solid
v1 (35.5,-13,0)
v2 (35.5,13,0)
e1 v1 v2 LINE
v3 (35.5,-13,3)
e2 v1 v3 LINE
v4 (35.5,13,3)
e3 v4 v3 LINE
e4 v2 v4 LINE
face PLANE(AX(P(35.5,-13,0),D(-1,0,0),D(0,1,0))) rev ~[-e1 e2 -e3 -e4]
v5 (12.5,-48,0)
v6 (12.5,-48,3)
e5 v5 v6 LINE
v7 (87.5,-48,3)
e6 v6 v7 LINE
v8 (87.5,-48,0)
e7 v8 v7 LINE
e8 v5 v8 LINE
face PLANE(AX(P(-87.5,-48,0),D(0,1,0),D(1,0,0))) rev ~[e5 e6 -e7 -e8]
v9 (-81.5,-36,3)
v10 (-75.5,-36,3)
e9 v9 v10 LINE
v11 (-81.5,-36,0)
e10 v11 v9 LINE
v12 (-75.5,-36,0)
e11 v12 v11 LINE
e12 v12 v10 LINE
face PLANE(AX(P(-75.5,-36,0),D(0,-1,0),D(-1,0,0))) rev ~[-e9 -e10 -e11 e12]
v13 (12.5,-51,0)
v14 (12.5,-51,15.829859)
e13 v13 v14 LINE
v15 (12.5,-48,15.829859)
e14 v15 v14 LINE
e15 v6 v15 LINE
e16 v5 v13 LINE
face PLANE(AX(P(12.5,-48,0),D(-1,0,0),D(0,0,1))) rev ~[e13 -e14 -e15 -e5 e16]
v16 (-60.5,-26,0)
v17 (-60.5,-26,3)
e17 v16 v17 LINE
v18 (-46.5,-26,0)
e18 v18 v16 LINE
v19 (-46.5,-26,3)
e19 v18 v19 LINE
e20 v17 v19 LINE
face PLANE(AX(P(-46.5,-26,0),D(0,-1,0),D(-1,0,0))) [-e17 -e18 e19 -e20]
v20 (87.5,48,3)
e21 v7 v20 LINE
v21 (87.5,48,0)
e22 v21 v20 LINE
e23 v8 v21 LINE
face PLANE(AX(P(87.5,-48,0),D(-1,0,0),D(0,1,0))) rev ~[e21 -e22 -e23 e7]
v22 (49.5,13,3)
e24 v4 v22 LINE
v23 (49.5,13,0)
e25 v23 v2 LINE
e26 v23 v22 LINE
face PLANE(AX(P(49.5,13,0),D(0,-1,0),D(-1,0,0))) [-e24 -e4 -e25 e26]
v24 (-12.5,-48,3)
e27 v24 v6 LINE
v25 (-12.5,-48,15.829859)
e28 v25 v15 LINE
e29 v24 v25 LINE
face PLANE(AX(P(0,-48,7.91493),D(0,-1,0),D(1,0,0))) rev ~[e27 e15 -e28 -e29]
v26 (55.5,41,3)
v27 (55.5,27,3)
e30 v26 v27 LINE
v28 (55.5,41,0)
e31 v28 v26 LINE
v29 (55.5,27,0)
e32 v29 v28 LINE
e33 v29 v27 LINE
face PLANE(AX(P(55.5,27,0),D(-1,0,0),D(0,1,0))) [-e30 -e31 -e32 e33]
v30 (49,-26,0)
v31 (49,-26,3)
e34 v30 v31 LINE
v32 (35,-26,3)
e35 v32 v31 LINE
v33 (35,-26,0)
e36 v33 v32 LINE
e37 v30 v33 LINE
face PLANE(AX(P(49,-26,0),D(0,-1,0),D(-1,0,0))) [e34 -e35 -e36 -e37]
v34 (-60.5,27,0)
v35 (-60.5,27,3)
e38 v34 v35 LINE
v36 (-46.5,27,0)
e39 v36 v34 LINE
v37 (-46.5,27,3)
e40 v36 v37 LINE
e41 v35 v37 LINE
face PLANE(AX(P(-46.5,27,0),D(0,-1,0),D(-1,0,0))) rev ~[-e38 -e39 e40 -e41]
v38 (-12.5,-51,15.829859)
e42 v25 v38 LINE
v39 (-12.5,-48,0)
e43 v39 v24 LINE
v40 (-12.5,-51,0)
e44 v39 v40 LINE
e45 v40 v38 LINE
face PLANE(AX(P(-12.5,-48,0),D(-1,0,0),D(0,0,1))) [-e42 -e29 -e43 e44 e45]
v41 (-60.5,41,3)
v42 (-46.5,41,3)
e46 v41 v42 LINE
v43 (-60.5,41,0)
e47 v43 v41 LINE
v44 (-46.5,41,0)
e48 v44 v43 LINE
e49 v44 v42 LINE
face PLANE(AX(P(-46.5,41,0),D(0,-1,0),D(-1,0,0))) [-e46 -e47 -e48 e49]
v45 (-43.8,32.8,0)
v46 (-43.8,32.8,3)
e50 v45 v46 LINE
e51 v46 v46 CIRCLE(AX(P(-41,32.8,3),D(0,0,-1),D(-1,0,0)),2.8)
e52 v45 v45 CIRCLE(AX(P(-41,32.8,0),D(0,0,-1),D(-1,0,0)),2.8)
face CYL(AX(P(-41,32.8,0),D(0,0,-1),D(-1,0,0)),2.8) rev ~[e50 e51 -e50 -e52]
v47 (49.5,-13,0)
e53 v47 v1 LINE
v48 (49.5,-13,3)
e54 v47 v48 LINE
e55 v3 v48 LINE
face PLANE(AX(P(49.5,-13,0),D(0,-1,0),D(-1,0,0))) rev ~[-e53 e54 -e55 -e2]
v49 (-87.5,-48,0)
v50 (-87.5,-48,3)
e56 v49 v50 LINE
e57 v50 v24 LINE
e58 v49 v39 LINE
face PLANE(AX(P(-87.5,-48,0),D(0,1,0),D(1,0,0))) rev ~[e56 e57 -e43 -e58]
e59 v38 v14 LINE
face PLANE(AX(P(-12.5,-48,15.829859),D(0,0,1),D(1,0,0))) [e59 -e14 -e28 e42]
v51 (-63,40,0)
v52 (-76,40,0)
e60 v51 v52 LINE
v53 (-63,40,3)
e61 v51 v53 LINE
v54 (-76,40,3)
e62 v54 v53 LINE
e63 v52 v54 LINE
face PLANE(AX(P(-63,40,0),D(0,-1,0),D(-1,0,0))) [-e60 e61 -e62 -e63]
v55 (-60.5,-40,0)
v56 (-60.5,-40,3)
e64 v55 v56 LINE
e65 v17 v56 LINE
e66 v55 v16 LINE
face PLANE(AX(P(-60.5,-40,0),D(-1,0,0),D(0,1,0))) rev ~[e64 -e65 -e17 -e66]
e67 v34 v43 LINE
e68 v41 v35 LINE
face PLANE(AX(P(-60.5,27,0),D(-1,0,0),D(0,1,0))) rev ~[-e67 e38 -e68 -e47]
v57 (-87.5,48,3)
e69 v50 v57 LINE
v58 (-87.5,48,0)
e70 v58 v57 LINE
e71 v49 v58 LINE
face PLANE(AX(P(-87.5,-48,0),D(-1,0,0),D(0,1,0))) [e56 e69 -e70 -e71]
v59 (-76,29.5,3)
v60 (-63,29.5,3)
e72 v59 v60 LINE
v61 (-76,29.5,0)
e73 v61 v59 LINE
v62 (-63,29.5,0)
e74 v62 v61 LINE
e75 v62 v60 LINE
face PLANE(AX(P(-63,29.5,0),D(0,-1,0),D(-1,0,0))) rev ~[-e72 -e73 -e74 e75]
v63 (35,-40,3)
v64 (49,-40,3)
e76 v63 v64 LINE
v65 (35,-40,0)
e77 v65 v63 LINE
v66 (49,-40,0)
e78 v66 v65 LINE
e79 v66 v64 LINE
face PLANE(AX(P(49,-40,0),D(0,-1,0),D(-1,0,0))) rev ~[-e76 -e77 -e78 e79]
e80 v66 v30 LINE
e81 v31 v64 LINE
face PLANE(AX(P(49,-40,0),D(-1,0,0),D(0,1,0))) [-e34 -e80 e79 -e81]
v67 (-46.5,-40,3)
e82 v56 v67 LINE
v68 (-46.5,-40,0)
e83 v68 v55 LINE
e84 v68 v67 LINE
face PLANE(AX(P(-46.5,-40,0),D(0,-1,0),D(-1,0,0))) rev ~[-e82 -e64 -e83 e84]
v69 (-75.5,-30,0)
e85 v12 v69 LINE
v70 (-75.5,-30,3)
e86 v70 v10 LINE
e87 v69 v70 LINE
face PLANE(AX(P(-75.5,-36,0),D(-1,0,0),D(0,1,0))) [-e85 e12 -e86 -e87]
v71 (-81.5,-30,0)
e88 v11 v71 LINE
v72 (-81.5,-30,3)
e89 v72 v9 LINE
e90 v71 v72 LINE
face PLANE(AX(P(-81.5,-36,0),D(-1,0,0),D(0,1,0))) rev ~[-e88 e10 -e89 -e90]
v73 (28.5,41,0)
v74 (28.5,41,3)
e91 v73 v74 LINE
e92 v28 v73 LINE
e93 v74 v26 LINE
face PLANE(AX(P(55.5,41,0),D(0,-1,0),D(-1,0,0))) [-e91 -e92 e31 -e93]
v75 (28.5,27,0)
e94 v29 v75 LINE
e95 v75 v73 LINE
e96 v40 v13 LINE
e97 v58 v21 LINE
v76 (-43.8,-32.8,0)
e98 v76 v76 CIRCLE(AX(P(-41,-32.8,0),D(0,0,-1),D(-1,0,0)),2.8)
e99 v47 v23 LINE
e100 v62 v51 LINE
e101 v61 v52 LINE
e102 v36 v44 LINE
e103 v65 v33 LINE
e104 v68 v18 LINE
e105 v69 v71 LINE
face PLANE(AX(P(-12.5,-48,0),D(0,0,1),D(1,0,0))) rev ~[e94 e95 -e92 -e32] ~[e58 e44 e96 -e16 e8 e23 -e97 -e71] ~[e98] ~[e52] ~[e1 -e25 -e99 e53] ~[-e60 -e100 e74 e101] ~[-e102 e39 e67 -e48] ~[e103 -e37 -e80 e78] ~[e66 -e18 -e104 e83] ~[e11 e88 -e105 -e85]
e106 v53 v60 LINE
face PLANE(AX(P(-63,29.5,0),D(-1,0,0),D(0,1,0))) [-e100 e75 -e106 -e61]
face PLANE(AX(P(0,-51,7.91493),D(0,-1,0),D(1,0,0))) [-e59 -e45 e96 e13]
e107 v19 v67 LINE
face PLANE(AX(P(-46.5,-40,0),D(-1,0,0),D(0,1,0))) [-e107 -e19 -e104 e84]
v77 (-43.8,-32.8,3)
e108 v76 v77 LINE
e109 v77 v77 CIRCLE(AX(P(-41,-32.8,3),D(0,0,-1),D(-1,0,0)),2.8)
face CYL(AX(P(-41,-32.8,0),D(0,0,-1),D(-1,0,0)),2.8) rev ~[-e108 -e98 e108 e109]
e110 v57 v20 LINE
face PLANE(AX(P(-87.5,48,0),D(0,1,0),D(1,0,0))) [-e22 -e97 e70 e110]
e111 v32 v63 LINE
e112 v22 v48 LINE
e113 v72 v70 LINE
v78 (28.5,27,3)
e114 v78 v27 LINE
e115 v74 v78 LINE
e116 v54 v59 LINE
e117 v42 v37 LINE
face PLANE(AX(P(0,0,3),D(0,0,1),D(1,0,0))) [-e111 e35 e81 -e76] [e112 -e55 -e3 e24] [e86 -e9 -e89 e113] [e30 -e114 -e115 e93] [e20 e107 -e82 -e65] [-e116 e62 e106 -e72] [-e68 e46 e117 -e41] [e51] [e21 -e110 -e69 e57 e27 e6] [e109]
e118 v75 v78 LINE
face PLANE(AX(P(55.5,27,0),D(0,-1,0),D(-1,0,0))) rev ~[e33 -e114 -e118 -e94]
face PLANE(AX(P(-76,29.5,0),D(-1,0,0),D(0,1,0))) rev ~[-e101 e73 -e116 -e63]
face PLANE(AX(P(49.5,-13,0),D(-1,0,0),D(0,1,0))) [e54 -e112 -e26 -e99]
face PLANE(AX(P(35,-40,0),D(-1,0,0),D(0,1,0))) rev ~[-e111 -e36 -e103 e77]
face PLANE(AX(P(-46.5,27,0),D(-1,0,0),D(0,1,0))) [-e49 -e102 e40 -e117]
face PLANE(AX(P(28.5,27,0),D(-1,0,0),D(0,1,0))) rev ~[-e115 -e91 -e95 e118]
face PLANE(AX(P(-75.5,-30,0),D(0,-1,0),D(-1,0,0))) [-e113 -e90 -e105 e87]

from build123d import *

# Parameters (mm, degrees)
SKETCH2_W           = 175
SKETCH2_H           = 96
BOSS_EXTRUDE1_DEPTH = 3
SKETCH3_W           = 12
SKETCH3_H           = 12
SKETCH3_W_2         = 13
SKETCH3_H_2         = 10.5
SKETCH3_W_3         = 27
SKETCH3_H_3         = 14
CUT_EXTRUDE1_DEPTH  = 10
SKETCH4_W           = 14
SKETCH4_H           = 26
CUT_EXTRUDE2_DEPTH  = 10
SKETCH5_W           = 12
SKETCH5_H           = 12
SKETCH5_W_2         = 6
SKETCH5_H_2         = 6
CUT_EXTRUDE3_DEPTH  = 10
SKETCH7_R           = 2.8
CUT_EXTRUDE4_DEPTH  = 10
SKETCH9_W           = 25
SKETCH9_H           = 15.829859375
BOSS_EXTRUDE2_DEPTH = 3
SKETCH10_W          = 27
SKETCH10_H          = 14
CUT_EXTRUDE5_DEPTH  = 10
SKETCH11_W          = 14
SKETCH11_H          = 14
CUT_EXTRUDE6_DEPTH  = 10
SKETCH12_W          = 14
SKETCH12_H          = 14
CUT_EXTRUDE7_DEPTH  = 10
SKETCH13_W          = 14
SKETCH13_H          = 14
CUT_EXTRUDE8_DEPTH  = 10


with BuildPart() as part:
    # Sketch2 → Boss-Extrude1 (new body)
    with BuildSketch(Plane.XY):
        Rectangle(SKETCH2_W, SKETCH2_H)
    extrude(amount=BOSS_EXTRUDE1_DEPTH)

    # Sketch3 → Cut-Extrude1 (cut)
    with BuildSketch(Plane(origin=(0, 0, 0), x_dir=(-1, 0, 0), z_dir=(0, 0, -1))):
        with Locations((53.5, 34)):
            Rectangle(SKETCH3_W, SKETCH3_H)
        with Locations((69.5, 34.75)):
            Rectangle(SKETCH3_W_2, SKETCH3_H_2)
        with Locations((-42, 34)):
            Rectangle(SKETCH3_W_3, SKETCH3_H_3)
        with Locations((-48.5, 34)):
            Rectangle(SKETCH3_W, SKETCH3_H, mode=Mode.SUBTRACT)
        with Locations((-35.5, 34)):
            Rectangle(SKETCH3_W, SKETCH3_H, mode=Mode.SUBTRACT)
    extrude(amount=-CUT_EXTRUDE1_DEPTH, mode=Mode.SUBTRACT)

    # Sketch4 → Cut-Extrude2 (cut)
    with BuildSketch(Plane(origin=(0, 0, 0), x_dir=(-1, 0, 0), z_dir=(0, 0, -1))):
        with Locations((-42.5, 0)):
            Rectangle(SKETCH4_W, SKETCH4_H)
    extrude(amount=-CUT_EXTRUDE2_DEPTH, mode=Mode.SUBTRACT)

    # Sketch5 → Cut-Extrude3 (cut)
    with BuildSketch(Plane(origin=(0, 0, 0), x_dir=(-1, 0, 0), z_dir=(0, 0, -1))):
        with Locations((-42, -33)):
            Rectangle(SKETCH5_W, SKETCH5_H)
        with Locations((53.5, -33)):
            Rectangle(SKETCH5_W, SKETCH5_H)
        with Locations((78.5, -33)):
            Rectangle(SKETCH5_W_2, SKETCH5_H_2)
    extrude(amount=-CUT_EXTRUDE3_DEPTH, mode=Mode.SUBTRACT)

    # Sketch7 → Cut-Extrude4 (cut)
    with BuildSketch(Plane(origin=(0, 0, 0), x_dir=(-1, 0, 0), z_dir=(0, 0, -1))):
        with Locations((41, 32.8)):
            Circle(SKETCH7_R)
        with Locations((41, -32.8)):
            Circle(SKETCH7_R)
    extrude(amount=-CUT_EXTRUDE4_DEPTH, mode=Mode.SUBTRACT)

    # Sketch9 → Boss-Extrude2 (add)
    with BuildSketch(Plane.XZ.offset(48)):
        with Locations((0, 7.914929688)):
            Rectangle(SKETCH9_W, SKETCH9_H)
    extrude(amount=BOSS_EXTRUDE2_DEPTH)

    # Sketch10 → Cut-Extrude5 (cut)
    with BuildSketch(Plane(origin=(0, 0, 0), x_dir=(-1, 0, 0), z_dir=(0, 0, -1))):
        with Locations((-42, 34)):
            Rectangle(SKETCH10_W, SKETCH10_H)
    extrude(amount=-CUT_EXTRUDE5_DEPTH, mode=Mode.SUBTRACT)

    # Sketch11 → Cut-Extrude6 (cut)
    with BuildSketch(Plane(origin=(0, 0, 0), x_dir=(-1, 0, 0), z_dir=(0, 0, -1))):
        with Locations((53.5, 34)):
            Rectangle(SKETCH11_W, SKETCH11_H)
    extrude(amount=-CUT_EXTRUDE6_DEPTH, mode=Mode.SUBTRACT)

    # Sketch12 → Cut-Extrude7 (cut)
    with BuildSketch(Plane(origin=(0, 0, 0), x_dir=(-1, 0, 0), z_dir=(0, 0, -1))):
        with Locations((53.5, -33)):
            Rectangle(SKETCH12_W, SKETCH12_H)
    extrude(amount=-CUT_EXTRUDE7_DEPTH, mode=Mode.SUBTRACT)

    # Sketch13 → Cut-Extrude8 (cut)
    with BuildSketch(Plane(origin=(0, 0, 0), x_dir=(-1, 0, 0), z_dir=(0, 0, -1))):
        with Locations((-42, -33)):
            Rectangle(SKETCH13_W, SKETCH13_H)
    extrude(amount=-CUT_EXTRUDE8_DEPTH, mode=Mode.SUBTRACT)


solid = part.part
